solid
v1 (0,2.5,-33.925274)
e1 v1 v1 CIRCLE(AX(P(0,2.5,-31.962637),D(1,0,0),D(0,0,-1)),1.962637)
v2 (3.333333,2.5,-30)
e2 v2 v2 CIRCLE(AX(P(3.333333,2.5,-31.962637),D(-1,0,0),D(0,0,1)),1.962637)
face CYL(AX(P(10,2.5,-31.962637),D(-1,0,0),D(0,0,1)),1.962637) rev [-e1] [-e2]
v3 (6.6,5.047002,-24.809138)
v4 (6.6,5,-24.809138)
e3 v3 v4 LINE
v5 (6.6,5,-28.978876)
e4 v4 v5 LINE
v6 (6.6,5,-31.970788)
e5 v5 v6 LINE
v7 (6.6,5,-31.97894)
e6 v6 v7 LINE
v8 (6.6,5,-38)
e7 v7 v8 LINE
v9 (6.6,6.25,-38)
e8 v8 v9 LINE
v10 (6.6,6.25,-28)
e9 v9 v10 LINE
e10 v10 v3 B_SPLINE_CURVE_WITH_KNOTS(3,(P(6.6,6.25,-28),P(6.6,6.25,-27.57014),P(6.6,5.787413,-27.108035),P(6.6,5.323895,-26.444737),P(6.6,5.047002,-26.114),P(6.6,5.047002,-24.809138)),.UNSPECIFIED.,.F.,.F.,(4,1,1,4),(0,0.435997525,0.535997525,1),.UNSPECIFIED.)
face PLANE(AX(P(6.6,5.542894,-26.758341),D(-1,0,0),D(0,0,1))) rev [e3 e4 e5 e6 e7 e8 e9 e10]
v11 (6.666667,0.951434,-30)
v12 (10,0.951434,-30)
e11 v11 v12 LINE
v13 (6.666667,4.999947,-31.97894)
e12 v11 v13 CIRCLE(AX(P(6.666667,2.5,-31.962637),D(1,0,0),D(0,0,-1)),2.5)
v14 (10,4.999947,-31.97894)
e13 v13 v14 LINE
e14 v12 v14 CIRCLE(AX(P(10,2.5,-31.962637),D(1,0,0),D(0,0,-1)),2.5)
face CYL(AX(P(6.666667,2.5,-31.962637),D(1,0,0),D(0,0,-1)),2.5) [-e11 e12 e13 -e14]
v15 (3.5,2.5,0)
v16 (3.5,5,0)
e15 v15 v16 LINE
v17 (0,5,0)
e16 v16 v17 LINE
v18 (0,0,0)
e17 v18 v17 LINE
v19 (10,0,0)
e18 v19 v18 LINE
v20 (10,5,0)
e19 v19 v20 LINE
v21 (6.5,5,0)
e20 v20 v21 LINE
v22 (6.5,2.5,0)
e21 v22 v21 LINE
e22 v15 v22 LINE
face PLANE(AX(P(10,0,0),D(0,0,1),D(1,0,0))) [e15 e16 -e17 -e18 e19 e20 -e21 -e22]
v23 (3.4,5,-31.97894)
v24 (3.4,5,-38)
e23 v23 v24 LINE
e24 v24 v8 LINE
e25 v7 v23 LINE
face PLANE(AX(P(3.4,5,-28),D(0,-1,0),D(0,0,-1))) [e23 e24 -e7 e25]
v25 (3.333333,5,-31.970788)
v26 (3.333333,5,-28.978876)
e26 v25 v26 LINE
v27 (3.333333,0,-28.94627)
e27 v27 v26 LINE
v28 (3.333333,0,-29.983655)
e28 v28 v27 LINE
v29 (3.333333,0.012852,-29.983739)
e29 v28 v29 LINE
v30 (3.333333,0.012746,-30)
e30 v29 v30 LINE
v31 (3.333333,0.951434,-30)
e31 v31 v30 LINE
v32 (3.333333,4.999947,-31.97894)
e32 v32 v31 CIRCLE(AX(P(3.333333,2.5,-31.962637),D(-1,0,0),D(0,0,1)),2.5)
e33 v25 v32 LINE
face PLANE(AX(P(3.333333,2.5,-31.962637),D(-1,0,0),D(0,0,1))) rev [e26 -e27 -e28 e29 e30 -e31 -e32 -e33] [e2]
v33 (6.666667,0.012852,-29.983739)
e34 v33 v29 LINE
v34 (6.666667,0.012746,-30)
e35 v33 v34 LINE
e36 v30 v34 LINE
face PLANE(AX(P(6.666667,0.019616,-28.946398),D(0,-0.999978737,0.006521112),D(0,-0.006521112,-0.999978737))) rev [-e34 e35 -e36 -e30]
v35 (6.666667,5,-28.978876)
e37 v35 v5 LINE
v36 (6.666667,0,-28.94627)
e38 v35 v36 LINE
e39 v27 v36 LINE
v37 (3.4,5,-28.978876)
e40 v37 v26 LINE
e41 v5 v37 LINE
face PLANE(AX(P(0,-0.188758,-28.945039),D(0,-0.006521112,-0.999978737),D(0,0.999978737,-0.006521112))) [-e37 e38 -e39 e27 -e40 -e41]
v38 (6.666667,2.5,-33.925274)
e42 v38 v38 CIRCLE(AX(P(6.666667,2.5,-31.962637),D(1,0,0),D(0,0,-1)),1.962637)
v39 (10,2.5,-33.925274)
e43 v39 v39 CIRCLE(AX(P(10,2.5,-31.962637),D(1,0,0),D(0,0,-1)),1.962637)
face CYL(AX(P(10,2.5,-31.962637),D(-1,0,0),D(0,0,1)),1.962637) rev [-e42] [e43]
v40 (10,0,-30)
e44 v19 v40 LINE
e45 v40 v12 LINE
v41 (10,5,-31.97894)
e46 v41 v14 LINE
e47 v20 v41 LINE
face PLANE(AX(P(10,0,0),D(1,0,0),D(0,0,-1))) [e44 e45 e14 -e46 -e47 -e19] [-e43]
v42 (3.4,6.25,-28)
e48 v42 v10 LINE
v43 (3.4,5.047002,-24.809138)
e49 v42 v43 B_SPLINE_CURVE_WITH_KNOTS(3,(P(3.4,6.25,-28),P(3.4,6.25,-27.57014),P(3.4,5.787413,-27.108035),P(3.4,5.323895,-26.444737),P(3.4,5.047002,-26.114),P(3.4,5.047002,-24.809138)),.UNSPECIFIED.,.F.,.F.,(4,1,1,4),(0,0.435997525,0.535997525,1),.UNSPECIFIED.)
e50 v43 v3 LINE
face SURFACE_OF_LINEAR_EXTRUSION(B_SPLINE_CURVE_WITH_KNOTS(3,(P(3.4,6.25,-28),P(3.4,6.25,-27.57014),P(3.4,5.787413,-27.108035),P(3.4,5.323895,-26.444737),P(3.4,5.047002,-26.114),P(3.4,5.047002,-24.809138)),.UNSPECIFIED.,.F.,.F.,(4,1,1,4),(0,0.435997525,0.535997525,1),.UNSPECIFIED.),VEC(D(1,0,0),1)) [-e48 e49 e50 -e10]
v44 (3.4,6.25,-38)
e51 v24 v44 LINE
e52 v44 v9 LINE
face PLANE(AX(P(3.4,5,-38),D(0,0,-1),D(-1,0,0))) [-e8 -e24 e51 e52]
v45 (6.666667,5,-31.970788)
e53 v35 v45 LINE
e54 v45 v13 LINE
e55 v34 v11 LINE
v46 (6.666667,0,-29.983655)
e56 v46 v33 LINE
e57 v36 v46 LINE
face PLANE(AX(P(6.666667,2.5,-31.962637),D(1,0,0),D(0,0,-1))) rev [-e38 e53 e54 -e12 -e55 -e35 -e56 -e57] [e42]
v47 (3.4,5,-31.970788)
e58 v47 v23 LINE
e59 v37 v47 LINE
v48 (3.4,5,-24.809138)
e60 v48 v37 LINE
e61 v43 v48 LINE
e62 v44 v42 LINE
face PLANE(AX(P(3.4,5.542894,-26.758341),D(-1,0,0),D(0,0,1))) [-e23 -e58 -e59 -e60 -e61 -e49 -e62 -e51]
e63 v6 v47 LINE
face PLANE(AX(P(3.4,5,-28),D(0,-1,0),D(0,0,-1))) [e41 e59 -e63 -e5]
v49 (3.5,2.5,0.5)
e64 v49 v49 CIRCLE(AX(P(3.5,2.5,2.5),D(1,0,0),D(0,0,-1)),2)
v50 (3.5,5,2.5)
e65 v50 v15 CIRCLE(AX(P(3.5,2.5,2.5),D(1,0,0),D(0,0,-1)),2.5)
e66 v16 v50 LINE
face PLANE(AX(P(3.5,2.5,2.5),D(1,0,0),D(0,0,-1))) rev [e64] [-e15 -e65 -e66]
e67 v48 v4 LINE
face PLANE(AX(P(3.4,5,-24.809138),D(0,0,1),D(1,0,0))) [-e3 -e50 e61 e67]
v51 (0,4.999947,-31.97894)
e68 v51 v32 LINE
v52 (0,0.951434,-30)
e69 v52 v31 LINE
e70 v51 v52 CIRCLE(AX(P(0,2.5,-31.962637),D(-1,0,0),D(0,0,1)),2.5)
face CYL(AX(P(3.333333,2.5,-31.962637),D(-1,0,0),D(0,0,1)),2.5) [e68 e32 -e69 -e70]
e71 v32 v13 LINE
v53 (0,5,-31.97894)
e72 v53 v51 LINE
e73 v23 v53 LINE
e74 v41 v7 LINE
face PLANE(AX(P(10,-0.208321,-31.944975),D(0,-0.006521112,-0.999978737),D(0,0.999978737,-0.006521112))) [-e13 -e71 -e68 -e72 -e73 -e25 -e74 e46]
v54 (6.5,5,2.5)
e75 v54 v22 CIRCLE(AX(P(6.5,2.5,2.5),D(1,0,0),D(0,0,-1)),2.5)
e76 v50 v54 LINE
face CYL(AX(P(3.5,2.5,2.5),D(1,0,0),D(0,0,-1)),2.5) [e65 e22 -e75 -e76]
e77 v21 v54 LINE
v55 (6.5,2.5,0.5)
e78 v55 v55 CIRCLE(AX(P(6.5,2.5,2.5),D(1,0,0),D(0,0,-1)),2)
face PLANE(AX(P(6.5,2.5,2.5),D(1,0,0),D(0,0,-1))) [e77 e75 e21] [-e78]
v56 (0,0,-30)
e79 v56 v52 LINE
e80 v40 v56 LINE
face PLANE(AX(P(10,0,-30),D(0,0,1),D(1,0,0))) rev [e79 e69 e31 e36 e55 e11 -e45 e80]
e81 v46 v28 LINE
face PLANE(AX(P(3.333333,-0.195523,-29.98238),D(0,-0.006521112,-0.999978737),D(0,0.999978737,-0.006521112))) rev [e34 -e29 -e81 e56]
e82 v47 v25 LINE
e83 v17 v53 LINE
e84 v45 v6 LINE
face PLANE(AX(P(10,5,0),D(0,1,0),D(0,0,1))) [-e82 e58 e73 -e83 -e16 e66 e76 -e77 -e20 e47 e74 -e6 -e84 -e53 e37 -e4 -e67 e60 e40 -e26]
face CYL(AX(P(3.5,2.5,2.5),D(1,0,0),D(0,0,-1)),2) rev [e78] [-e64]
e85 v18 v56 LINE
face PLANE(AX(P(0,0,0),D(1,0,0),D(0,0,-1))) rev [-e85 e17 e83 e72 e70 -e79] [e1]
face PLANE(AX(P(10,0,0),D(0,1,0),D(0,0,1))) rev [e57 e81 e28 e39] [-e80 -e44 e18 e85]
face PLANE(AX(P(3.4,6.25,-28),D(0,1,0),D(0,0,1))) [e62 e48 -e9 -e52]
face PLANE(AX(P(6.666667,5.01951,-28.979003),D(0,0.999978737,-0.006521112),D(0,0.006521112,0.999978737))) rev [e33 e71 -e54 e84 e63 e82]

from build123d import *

# Parameters (mm, degrees)
BOSS_EXTRUDE1_DEPTH      = 10
SKETCH4_R                = 1.962636903
CUT_EXTRUDE2_DEPTH       = 10
SKETCH6_R                = 2.5
SKETCH6_R_2              = 1.962636903
BOSS_EXTRUDE2_DEPTH      = 3.333333333
BOSS_EXTRUDE3_START      = -3.333333333
SKETCH7_R                = 2.5
SKETCH7_R_2              = 1.962636903
BOSS_EXTRUDE3_DEPTH      = 3.333333333
SKETCH9_W                = 3.333333334
SKETCH9_H                = 5
CUT_EXTRUDE7_DEPTH       = 3
SKETCH10_W               = 3.333333334
SKETCH10_H               = 1.037363097
CUT_EXTRUDE8_DEPTH       = 37.201372358
BOSS_EXTRUDE4_DEPTH      = 1.5
BOSS_EXTRUDE4_DEPTH_BACK = 1.5
SKETCH12_R               = 2
BOSS_EXTRUDE9_DEPTH      = 1.6
BOSS_EXTRUDE9_DEPTH_BACK = 1.6


with BuildPart() as part:
    # Sketch3 → Boss-Extrude1 (new body)
    with BuildSketch(Plane(origin=(0, 0, 0), x_dir=(0, 0, -1), z_dir=(1, 0, 0))):
        Polygon((0, 5), (0, 0), (30, 0), (30, 2.5), (31.962636903, 2.5), (31.97894003, 5), (30, 5), align=None)
    extrude(amount=BOSS_EXTRUDE1_DEPTH)

    # Sketch4 → Cut-Extrude2 (cut)
    with BuildSketch(Plane(origin=(0, 0, 0), x_dir=(0, 0, -1), z_dir=(1, 0, 0))):
        with Locations((31.962636903, 2.5)):
            Circle(SKETCH4_R)
    extrude(amount=CUT_EXTRUDE2_DEPTH, mode=Mode.SUBTRACT)

    # Sketch6 → Boss-Extrude2 (add)
    with BuildSketch(Plane.ZY):
        with Locations((-31.962636903, 2.5)):
            Circle(SKETCH6_R)
        with Locations((-31.962636903, 2.5)):
            Circle(SKETCH6_R_2, mode=Mode.SUBTRACT)
    extrude(amount=-BOSS_EXTRUDE2_DEPTH)

    # Sketch7 → Boss-Extrude3 (add)
    with BuildSketch(Plane(origin=(10, 0, 0), x_dir=(0, 0, -1), z_dir=(1, 0, 0)).offset(BOSS_EXTRUDE3_START)):
        with Locations((31.962636903, 2.5)):
            Circle(SKETCH7_R)
        with Locations((31.962636903, 2.5)):
            Circle(SKETCH7_R_2, mode=Mode.SUBTRACT)
    extrude(amount=BOSS_EXTRUDE3_DEPTH)

    # Sketch9 → Cut-Extrude7 (cut)
    with BuildSketch(Plane(origin=(0, -0.208321197, -31.944975261), x_dir=(-1, 0, 0), z_dir=(0, -0.006521112201233067, -0.9999787373217788))):
        with Locations((-5, 2.708378785)):
            Rectangle(SKETCH9_W, SKETCH9_H)
    extrude(amount=-CUT_EXTRUDE7_DEPTH, mode=Mode.SUBTRACT)

    # Sketch10 → Cut-Extrude8 (cut, through all)
    with BuildSketch(Plane(origin=(0, 0.208374354, -0.001358861), x_dir=(1, 0, 0), z_dir=(0, 0.9999787373217788, -0.00652111220123307))):
        with Locations((5, 29.464336059)):
            Rectangle(SKETCH10_W, SKETCH10_H)
    extrude(amount=-CUT_EXTRUDE8_DEPTH, mode=Mode.SUBTRACT)

    # Sketch12 → Boss-Extrude4 (add, two sides: drawn at the far end of the back side and taken through both)
    with BuildSketch(Plane(origin=(5, 0, 0), x_dir=(0, 0, -1), z_dir=(1, 0, 0)).offset(-BOSS_EXTRUDE4_DEPTH_BACK)):
        with BuildLine():
            Line((-2.5, 5), (0, 5))
            Line((0, 5), (0, 2.5))
            ThreePointArc((0, 2.5), (-4.267766953, 0.732233047), (-2.5, 5))
        make_face()
        with Locations((-2.5, 2.5)):
            Circle(SKETCH12_R, mode=Mode.SUBTRACT)
    extrude(amount=BOSS_EXTRUDE4_DEPTH + BOSS_EXTRUDE4_DEPTH_BACK)

    # Sketch13 → Boss-Extrude9 (add, two sides: drawn at the far end of the back side and taken through both)
    with BuildSketch(Plane(origin=(5, 0, 0), x_dir=(0, 0, -1), z_dir=(1, 0, 0)).offset(-BOSS_EXTRUDE9_DEPTH_BACK)):
        with BuildLine():
            Line((24.809137755, 5), (28, 5))
            Line((28, 5), (38, 5))
            Line((38, 5), (38, 6.25))
            Line((38, 6.25), (28, 6.25))
            add(Edge.make_bspline(
                [(28, 6.25), (27.570139782, 6.25), (27.108034748, 5.787413316), (26.444737385, 5.323894947), (26.11400028, 5.04700236), (24.809137755, 5.04700236)],
                knots=[0, 0, 0, 0, 0.435997525, 0.535997525, 1, 1, 1, 1], degree=3))
            Line((24.809137755, 5.04700236), (24.809137755, 5))
        make_face()
    extrude(amount=BOSS_EXTRUDE9_DEPTH + BOSS_EXTRUDE9_DEPTH_BACK)


solid = part.part
